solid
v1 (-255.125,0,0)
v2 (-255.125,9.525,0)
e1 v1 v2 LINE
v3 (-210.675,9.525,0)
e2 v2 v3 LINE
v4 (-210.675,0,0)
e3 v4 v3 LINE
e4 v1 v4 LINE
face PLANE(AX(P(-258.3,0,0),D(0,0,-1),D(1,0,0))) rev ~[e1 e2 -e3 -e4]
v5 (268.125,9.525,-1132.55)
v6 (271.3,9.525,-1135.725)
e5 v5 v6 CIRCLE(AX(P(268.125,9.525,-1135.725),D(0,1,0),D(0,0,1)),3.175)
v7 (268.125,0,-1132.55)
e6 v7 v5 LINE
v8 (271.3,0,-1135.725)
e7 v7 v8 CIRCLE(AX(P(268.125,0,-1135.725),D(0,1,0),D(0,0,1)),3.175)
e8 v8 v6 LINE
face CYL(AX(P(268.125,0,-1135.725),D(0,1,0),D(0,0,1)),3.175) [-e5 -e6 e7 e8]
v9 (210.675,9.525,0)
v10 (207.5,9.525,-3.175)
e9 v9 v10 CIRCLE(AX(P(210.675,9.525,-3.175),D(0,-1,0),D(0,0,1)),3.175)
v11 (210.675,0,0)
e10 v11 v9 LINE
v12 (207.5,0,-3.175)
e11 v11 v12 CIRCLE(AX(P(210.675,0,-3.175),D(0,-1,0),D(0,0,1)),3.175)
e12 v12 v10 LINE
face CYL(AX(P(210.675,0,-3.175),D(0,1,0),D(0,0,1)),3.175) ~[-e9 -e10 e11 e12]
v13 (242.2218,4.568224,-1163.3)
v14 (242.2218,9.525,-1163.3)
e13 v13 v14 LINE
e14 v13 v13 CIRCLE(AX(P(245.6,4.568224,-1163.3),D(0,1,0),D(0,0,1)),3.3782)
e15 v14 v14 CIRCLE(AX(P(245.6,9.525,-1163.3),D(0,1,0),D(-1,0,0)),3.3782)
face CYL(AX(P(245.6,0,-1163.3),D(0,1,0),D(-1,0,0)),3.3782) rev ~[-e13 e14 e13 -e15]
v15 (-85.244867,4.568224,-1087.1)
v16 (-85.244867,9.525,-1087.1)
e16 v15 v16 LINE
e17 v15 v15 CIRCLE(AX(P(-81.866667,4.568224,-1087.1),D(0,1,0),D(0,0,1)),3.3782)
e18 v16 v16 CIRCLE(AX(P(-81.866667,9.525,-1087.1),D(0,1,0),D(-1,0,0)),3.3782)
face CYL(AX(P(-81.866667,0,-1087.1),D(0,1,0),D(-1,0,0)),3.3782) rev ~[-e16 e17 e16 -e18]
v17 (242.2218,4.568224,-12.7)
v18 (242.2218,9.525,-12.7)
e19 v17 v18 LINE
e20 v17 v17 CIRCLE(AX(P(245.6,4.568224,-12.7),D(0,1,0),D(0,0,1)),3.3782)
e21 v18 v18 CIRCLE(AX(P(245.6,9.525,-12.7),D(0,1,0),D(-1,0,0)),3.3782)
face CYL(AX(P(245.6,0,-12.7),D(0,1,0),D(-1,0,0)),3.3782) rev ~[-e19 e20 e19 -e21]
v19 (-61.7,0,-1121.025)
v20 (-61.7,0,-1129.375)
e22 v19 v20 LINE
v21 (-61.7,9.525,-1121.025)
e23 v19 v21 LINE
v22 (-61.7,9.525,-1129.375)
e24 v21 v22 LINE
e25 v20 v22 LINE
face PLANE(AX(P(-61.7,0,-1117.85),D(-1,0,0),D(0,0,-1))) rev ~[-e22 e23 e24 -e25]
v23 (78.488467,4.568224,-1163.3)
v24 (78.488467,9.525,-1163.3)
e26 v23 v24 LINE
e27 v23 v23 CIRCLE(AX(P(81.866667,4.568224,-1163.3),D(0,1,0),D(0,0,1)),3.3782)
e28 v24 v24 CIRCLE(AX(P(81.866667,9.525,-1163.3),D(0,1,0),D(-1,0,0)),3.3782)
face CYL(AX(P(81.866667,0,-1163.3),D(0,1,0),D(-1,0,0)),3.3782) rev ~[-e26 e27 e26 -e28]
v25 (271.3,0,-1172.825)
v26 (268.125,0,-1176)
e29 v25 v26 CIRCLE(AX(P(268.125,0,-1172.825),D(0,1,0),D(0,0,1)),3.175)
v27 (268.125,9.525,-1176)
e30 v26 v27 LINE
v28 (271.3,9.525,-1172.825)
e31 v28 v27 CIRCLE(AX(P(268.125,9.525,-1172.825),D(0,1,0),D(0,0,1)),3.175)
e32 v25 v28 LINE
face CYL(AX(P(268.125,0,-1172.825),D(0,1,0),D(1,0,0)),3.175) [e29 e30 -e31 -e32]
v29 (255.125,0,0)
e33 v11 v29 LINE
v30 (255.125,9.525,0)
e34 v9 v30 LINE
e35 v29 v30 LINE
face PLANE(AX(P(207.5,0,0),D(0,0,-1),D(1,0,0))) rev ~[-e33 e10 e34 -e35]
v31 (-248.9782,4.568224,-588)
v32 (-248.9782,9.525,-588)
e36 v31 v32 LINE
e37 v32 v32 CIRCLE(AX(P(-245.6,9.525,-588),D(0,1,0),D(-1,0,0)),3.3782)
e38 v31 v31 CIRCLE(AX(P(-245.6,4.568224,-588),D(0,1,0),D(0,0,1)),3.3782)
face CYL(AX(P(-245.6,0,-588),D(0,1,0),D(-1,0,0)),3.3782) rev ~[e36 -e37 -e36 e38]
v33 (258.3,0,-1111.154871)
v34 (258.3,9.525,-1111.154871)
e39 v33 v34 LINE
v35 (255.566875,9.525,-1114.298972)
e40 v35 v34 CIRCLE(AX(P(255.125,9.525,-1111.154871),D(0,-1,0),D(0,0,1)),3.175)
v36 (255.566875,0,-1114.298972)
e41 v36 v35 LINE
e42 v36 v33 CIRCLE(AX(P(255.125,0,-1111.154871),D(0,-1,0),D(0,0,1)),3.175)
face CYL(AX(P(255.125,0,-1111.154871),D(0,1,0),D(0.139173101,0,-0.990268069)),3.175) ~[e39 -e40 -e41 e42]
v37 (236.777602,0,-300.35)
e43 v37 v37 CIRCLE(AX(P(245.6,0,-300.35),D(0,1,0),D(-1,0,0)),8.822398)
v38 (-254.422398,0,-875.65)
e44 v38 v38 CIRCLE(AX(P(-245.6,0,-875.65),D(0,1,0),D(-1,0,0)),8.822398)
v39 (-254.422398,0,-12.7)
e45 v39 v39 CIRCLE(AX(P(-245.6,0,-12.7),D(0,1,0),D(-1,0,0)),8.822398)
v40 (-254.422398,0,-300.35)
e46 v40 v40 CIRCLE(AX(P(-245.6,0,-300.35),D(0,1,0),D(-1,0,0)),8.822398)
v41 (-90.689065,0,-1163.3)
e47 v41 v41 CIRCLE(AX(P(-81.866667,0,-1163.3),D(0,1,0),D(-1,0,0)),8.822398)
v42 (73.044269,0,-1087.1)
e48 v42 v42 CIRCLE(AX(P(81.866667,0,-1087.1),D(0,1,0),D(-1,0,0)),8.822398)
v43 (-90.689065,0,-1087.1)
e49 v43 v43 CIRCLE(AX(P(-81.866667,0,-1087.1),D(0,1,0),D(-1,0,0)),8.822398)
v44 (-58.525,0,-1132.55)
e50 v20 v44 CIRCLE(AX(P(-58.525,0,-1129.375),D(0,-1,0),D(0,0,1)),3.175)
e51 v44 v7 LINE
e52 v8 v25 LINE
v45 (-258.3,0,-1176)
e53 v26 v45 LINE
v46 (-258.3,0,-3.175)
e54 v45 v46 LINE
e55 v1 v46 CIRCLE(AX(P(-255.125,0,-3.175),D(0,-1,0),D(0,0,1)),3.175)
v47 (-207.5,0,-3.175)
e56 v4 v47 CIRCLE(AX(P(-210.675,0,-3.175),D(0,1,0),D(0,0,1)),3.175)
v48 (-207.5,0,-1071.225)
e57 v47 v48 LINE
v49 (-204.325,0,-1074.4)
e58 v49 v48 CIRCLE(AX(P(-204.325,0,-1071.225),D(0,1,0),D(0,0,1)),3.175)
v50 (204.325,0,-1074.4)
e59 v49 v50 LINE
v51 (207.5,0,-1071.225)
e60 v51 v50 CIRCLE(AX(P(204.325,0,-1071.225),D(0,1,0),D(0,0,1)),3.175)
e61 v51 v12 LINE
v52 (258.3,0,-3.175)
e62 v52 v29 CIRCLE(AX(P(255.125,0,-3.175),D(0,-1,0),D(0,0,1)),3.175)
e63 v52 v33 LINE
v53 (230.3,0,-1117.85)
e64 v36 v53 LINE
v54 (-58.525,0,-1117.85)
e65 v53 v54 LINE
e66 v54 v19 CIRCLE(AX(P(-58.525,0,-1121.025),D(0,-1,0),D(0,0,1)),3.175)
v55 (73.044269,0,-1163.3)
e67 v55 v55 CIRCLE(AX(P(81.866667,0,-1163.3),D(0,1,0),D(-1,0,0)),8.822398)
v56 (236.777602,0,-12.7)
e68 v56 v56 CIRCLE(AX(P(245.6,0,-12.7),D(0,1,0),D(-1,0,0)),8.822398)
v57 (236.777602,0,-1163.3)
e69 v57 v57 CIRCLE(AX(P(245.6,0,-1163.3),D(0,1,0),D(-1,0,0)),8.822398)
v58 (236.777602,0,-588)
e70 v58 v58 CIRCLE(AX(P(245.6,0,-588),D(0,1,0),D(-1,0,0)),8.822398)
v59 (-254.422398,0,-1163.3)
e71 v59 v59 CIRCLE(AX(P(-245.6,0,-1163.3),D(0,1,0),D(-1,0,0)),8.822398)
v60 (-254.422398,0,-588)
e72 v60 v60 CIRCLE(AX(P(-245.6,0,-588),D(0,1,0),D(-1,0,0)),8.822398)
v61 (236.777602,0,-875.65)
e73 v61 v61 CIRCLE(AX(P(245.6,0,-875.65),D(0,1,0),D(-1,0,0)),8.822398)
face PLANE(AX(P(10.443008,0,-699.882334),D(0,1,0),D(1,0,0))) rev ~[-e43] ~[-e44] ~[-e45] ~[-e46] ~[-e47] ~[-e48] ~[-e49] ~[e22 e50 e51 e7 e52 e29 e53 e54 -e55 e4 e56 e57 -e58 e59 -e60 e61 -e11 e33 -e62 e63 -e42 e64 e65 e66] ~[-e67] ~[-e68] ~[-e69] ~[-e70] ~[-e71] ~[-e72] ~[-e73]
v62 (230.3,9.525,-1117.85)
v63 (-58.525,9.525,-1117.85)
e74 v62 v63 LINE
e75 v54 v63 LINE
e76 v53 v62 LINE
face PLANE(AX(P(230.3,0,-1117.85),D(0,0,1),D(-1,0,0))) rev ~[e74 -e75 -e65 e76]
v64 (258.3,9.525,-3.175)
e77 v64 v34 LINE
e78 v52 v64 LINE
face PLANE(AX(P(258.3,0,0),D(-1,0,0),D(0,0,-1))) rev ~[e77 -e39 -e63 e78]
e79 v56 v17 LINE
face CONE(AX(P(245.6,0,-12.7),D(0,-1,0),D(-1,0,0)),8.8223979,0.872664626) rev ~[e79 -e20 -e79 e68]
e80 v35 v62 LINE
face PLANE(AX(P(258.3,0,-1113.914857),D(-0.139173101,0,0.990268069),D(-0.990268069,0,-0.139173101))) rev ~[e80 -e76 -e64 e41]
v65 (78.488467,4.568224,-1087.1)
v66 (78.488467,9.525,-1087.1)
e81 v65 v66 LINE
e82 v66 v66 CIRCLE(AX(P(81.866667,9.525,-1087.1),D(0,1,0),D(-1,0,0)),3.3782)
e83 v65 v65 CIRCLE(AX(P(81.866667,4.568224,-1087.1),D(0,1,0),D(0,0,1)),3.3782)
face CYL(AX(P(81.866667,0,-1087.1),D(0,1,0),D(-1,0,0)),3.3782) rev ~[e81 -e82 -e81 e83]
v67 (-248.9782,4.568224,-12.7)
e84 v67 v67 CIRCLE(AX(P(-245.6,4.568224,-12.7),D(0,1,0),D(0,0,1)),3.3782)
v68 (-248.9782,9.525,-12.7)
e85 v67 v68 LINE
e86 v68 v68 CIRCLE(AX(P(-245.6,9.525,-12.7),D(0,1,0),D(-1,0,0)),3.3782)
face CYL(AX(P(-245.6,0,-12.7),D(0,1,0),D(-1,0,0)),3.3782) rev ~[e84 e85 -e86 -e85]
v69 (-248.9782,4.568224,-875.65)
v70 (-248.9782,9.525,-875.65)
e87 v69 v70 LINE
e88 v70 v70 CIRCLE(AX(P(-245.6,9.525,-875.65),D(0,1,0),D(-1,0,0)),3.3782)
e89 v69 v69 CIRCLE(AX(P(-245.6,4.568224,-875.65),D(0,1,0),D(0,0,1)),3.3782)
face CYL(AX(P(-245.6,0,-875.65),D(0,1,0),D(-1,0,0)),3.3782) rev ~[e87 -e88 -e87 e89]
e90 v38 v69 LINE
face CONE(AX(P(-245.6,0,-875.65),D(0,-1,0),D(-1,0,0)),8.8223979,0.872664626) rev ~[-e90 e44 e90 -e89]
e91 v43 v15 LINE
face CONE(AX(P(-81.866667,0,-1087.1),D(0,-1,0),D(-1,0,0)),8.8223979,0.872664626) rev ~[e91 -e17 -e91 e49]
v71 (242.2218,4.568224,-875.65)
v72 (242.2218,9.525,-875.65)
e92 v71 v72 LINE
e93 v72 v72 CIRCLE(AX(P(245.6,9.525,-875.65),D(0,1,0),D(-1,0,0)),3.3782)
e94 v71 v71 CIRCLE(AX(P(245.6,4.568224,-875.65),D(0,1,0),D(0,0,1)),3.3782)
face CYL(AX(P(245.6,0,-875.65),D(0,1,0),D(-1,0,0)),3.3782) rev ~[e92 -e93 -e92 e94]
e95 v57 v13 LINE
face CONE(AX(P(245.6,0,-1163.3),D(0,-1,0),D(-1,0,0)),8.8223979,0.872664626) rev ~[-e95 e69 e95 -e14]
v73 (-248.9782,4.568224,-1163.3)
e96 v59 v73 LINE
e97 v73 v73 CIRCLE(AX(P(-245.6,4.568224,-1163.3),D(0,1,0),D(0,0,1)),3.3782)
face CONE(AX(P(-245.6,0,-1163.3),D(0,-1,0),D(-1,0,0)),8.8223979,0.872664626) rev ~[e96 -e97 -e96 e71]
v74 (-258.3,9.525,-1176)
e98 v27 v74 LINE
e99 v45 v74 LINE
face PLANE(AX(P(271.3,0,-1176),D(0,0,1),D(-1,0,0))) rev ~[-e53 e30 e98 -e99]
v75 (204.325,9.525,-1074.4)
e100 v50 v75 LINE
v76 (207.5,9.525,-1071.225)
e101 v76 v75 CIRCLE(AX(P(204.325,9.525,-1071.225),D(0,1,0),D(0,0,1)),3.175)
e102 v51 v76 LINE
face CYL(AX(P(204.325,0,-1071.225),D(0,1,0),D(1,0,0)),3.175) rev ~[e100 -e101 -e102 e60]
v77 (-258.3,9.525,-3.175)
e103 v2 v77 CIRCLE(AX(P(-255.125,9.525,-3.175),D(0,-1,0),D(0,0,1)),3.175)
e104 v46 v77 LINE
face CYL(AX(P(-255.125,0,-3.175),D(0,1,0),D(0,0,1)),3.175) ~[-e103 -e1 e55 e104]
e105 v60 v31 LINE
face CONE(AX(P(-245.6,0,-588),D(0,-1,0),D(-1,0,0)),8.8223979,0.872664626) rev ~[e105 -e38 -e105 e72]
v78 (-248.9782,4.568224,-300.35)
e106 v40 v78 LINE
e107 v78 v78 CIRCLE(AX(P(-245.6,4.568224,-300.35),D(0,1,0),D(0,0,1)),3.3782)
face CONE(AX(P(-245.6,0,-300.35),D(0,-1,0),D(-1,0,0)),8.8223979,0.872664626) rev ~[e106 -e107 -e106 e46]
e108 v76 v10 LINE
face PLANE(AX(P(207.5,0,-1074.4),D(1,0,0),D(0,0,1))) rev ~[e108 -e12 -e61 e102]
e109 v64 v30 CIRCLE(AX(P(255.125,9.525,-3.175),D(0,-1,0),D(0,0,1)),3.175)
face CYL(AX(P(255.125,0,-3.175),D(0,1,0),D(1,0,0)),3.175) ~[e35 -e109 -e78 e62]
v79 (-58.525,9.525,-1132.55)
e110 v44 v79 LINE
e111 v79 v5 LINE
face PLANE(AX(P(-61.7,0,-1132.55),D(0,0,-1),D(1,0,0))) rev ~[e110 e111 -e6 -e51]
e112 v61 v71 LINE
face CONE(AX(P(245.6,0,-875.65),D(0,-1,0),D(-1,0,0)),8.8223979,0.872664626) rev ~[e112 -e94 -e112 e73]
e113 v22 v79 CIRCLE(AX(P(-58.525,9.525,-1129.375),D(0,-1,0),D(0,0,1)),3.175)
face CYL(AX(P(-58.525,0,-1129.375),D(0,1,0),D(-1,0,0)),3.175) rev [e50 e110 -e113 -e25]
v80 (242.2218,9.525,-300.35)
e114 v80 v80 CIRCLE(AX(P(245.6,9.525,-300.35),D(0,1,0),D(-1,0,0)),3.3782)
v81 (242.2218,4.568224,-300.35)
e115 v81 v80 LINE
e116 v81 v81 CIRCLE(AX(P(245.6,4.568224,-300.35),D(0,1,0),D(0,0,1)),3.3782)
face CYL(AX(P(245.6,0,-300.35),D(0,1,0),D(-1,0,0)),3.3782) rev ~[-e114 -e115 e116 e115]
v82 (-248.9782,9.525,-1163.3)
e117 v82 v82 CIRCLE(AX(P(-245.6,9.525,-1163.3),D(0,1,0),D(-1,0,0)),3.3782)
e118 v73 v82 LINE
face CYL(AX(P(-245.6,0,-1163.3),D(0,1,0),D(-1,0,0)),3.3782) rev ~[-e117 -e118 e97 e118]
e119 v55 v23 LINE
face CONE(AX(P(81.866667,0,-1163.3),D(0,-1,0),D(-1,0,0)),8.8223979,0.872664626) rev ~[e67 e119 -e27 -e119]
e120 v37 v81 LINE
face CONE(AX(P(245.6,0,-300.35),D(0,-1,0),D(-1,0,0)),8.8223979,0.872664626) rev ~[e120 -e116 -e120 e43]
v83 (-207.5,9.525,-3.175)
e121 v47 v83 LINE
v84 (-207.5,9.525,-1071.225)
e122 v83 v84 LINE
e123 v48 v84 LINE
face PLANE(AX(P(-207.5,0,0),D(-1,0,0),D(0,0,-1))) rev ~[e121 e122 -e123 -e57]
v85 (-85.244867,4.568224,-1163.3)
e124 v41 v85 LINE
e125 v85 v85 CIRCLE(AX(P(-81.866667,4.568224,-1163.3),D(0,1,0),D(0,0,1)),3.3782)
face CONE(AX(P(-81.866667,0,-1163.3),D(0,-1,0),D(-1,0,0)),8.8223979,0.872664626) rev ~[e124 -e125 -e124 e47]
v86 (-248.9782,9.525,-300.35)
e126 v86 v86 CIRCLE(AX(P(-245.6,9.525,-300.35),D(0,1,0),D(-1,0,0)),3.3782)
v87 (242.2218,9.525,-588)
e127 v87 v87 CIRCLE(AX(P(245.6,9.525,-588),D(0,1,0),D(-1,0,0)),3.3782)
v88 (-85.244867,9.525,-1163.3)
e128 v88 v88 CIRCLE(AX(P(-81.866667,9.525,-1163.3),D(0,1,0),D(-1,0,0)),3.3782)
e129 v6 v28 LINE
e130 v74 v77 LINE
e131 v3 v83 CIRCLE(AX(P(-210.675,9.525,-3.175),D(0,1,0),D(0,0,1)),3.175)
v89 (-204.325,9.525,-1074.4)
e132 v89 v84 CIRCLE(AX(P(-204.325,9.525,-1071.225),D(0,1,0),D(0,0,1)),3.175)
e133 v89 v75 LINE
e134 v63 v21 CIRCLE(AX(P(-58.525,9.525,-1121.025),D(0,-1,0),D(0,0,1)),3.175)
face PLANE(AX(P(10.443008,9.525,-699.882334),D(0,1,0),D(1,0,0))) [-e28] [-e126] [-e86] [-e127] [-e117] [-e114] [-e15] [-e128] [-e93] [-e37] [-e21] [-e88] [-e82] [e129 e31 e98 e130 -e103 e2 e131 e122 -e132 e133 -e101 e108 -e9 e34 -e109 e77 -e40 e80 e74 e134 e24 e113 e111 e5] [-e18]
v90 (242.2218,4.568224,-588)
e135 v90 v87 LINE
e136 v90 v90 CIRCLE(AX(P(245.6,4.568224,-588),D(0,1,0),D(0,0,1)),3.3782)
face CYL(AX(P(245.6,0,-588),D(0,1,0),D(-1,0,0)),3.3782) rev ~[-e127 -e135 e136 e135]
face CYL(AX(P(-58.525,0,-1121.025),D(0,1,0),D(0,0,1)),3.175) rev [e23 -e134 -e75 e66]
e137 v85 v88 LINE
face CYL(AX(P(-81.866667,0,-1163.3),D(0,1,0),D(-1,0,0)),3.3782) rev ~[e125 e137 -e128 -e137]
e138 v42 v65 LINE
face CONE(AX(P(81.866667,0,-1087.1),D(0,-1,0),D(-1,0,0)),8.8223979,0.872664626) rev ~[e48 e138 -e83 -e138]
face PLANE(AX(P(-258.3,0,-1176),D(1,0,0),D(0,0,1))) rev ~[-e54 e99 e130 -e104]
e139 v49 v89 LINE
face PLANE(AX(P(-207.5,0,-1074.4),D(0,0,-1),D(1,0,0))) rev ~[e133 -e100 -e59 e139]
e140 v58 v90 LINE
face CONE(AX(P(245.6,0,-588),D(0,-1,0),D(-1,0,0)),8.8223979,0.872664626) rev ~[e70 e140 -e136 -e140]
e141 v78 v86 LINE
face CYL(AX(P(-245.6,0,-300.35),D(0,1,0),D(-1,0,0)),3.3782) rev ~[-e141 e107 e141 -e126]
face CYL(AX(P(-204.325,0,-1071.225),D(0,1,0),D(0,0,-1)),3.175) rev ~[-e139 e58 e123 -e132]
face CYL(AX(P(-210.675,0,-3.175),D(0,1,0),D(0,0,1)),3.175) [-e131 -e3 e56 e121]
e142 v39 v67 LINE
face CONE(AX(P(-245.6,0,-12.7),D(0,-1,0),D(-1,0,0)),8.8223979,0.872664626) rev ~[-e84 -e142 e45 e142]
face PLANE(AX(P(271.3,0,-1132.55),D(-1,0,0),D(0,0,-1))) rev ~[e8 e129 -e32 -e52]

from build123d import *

# Parameters (mm, degrees)
BOSS_EXTRUDE1_DEPTH                                 = 9.525
CSK_FOR_1_4_FLAT_HEAD_MACHINE_SCREW_100_D           = 6.7564
CSK_FOR_1_4_FLAT_HEAD_MACHINE_SCREW_100_CSINK_D     = 17.6447958
CSK_FOR_1_4_FLAT_HEAD_MACHINE_SCREW_100_CSINK_ANGLE = 100
LPATTERN1_COUNT                                     = 2
LPATTERN1_PITCH                                     = 491.2
LPATTERN1_COUNT_DIR2                                = 5
LPATTERN1_PITCH_DIR2                                = 287.65
LPATTERN2_COUNT                                     = 3
LPATTERN2_PITCH                                     = 163.733333333
LPATTERN2_COUNT_DIR2                                = 2
LPATTERN2_PITCH_DIR2                                = 76.2
FILLET1_R                                           = 3.175


with BuildPart() as part:
    # Sketch1 → Boss-Extrude1 (new body)
    with BuildSketch(Plane(origin=(0, 0, 0), x_dir=(1, 0, 0), z_dir=(0, 1, 0))):
        Polygon((-258.3, 0), (-207.5, 0), (-207.5, 1074.4), (207.5, 1074.4), (207.5, 0), (258.3, 0), (258.3, 1113.914856628), (230.3, 1117.85), (-61.7, 1117.85), (-61.7, 1132.55), (271.3, 1132.55), (271.3, 1176), (-258.3, 1176), align=None)
    extrude(amount=BOSS_EXTRUDE1_DEPTH)

    # CSK for 1_4 Flat Head Machine Screw _100 (through all)
    with Locations(Plane.XZ):
        with Locations((-245.6, -1163.3)):
            csk_for_1_4_flat_head_machine_screw_100 = CounterSinkHole(CSK_FOR_1_4_FLAT_HEAD_MACHINE_SCREW_100_D / 2, CSK_FOR_1_4_FLAT_HEAD_MACHINE_SCREW_100_CSINK_D / 2, counter_sink_angle=CSK_FOR_1_4_FLAT_HEAD_MACHINE_SCREW_100_CSINK_ANGLE)

    # LPattern1: CSK for 1_4 Flat Head Machine Screw _100 2 × 5
    with Locations(*[(i * LPATTERN1_PITCH, 0, j * LPATTERN1_PITCH_DIR2) for i in range(LPATTERN1_COUNT) for j in range(LPATTERN1_COUNT_DIR2) if (i, j) != (0, 0)]):
        add(csk_for_1_4_flat_head_machine_screw_100, mode=Mode.SUBTRACT)

    # LPattern2: CSK for 1_4 Flat Head Machine Screw _100 3 × 2, 1 skipped
    with Locations(*[(i * LPATTERN2_PITCH, 0, j * LPATTERN2_PITCH_DIR2) for i in range(LPATTERN2_COUNT) for j in range(LPATTERN2_COUNT_DIR2) if (i, j) not in ((0, 0), (0, 1))]):
        add(csk_for_1_4_flat_head_machine_screw_100, mode=Mode.SUBTRACT)

    # Fillet1
    fillet1_edges = [part.edges().sort_by_distance(p)[0] for p in [
        (-207.5, 4.7625, 0),
        (-258.3, 4.7625, 0),
        (271.3, 4.7625, -1176),
        (271.3, 4.7625, -1132.55),
        (-61.7, 4.7625, -1132.55),
        (-61.7, 4.7625, -1117.85),
        (258.3, 4.7625, -1113.914856628),
        (258.3, 4.7625, 0),
        (207.5, 4.7625, 0),
        (207.5, 4.7625, -1074.4),
        (-207.5, 4.7625, -1074.4),
    ]]
    fillet(fillet1_edges, radius=FILLET1_R)


solid = part.part
